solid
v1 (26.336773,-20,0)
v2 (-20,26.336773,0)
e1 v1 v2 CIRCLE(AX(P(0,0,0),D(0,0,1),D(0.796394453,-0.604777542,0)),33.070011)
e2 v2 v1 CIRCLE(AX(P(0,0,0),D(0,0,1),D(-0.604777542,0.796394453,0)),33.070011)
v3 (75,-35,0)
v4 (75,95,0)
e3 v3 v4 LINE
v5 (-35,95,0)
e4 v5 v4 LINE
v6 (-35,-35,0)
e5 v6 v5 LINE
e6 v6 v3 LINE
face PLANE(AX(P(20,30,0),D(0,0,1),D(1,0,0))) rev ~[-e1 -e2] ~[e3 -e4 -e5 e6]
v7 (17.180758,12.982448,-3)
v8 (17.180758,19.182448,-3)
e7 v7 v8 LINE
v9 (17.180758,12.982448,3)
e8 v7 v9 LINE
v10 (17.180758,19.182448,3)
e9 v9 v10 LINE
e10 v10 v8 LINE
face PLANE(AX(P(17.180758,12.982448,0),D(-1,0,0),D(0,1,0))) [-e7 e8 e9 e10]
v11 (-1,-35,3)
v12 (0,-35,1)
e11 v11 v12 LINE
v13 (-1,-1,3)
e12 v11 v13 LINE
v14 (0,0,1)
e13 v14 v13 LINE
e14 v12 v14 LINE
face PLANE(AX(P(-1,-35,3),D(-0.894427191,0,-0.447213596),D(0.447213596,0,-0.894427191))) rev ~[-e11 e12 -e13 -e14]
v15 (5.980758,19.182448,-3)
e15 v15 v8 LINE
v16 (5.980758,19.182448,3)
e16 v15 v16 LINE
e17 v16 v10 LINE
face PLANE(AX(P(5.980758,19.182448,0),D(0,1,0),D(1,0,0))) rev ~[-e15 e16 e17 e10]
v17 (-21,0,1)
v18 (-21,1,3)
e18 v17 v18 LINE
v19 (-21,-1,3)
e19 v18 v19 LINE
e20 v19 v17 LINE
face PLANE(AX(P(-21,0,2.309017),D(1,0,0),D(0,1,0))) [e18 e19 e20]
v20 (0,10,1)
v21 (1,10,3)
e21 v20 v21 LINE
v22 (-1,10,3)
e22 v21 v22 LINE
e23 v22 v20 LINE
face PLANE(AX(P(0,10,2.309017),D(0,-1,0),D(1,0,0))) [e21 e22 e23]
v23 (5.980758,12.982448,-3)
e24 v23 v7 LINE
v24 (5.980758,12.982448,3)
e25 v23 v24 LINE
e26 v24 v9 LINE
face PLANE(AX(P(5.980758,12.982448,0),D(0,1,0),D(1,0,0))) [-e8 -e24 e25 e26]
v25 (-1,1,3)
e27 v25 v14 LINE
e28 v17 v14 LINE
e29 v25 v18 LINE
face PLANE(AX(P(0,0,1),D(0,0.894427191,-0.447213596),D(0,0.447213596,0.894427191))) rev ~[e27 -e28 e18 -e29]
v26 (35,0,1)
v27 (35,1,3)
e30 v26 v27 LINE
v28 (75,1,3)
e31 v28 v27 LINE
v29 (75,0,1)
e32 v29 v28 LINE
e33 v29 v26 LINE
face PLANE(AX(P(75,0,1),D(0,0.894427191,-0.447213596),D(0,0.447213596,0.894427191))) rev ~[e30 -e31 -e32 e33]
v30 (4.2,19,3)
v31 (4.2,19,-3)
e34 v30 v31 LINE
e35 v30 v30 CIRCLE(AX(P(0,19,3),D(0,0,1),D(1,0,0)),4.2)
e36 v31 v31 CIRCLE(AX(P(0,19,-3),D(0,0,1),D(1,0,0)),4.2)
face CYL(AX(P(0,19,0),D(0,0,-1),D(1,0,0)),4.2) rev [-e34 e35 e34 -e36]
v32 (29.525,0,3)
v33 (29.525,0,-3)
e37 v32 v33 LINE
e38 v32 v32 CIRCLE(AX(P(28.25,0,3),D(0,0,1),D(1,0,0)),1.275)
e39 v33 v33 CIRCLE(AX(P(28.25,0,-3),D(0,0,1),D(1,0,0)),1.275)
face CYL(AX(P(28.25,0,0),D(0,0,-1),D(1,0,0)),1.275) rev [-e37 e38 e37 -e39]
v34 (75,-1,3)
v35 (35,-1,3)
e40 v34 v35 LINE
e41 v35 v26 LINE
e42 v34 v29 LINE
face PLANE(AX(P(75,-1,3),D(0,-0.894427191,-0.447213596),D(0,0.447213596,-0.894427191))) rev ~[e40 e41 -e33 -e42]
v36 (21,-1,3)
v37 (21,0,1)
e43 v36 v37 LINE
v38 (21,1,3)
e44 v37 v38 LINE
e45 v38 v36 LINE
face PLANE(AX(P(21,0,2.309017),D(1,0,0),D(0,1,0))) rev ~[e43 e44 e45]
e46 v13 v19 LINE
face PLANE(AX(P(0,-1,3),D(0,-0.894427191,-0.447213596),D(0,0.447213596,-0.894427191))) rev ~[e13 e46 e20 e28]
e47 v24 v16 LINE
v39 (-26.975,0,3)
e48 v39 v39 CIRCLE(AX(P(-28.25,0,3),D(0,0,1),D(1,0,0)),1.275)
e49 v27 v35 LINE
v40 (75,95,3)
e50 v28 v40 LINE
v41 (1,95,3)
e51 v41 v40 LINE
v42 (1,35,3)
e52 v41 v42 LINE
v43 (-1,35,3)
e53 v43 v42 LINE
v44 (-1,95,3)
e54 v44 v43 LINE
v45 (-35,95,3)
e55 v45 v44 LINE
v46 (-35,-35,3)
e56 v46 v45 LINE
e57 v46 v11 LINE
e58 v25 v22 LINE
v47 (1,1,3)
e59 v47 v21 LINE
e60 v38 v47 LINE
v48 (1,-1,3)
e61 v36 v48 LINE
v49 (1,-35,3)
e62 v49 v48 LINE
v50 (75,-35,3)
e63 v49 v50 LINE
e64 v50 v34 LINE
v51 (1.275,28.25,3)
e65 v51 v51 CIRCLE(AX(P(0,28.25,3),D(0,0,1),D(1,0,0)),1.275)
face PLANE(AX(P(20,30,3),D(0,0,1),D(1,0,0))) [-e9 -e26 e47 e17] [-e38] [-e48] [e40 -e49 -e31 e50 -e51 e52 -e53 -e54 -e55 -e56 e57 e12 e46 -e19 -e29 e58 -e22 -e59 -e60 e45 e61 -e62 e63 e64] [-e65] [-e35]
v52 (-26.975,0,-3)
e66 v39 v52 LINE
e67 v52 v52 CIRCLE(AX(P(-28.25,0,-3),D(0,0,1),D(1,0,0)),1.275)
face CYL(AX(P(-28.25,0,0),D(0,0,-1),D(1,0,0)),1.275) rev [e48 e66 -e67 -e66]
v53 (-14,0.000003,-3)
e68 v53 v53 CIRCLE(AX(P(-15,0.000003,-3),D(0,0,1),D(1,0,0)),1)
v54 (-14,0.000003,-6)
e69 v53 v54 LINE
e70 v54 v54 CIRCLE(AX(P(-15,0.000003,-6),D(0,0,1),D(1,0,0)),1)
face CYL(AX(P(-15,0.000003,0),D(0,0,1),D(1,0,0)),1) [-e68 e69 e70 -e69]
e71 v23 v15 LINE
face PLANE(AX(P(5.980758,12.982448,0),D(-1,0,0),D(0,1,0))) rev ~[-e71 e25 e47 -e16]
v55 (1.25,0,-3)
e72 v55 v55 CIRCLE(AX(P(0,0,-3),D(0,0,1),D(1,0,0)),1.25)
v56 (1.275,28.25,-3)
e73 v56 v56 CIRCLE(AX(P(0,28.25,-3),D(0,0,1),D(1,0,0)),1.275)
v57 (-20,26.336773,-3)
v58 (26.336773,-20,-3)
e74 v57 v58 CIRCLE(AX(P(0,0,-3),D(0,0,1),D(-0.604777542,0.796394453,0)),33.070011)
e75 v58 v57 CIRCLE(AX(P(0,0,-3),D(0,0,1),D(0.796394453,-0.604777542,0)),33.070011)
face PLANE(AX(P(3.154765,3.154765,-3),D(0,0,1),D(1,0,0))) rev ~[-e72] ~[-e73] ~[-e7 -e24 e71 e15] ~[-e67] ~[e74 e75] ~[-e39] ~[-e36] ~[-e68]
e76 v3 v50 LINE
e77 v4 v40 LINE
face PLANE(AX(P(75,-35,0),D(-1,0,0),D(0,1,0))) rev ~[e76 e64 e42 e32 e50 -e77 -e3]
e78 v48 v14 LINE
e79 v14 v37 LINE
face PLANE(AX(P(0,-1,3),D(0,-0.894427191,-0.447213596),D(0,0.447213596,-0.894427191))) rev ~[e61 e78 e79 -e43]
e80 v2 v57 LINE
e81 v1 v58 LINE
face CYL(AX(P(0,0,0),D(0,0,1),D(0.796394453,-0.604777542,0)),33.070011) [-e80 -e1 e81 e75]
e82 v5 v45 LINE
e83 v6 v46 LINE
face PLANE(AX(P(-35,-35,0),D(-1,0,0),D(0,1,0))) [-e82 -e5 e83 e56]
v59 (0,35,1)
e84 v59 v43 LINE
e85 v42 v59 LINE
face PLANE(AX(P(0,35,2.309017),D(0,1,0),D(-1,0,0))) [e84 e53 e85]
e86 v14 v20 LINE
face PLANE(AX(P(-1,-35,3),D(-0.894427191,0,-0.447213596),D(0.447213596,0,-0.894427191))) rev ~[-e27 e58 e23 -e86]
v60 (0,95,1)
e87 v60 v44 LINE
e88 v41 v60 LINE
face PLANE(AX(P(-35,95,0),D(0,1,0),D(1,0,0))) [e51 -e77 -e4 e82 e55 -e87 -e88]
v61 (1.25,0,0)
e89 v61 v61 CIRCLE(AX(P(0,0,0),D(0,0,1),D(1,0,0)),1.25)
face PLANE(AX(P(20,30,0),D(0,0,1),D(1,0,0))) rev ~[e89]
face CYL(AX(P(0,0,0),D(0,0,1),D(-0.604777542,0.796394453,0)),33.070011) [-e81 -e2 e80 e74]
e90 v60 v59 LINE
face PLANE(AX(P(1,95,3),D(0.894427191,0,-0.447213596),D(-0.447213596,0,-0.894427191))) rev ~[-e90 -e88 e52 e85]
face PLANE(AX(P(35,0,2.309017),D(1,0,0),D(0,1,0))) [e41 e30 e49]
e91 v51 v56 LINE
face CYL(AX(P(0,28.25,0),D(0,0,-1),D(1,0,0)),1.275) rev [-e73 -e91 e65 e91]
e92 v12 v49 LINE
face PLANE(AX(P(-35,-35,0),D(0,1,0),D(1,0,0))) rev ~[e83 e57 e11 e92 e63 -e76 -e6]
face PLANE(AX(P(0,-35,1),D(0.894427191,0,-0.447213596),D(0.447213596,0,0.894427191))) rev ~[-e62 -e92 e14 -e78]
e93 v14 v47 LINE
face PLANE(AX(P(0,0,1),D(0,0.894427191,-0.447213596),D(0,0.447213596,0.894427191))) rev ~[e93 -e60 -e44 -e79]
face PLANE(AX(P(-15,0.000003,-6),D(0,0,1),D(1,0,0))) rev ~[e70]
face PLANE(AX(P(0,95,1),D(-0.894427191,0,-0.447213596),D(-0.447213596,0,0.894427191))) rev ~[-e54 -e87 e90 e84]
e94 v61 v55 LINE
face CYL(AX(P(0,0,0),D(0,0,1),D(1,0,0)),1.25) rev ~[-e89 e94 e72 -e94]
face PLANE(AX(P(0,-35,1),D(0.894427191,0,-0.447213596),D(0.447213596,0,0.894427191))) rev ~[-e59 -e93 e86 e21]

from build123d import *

# Parameters (mm, degrees)
F0_R      = 1
F0_R_2    = 1.25
F0_R_3    = 4.2
F0_R_4    = 1.275
F0_W      = 11.2
F0_H      = 6.2
F1_DEPTH  = 3
F0_W_2    = 110
F0_H_2    = 130
F2_DEPTH  = 3
F3_DEPTH  = 6
F5_DEPTH  = 45
F7_DEPTH  = 60
F9_DEPTH  = 40
F11_DEPTH = 21


with BuildPart() as f1:
    # F0 (on Top) → F1 (new body)
    with BuildSketch(Plane.XY):
        with BuildLine():
            ThreePointArc((26.3367733861, -20), (31.3415301151, -10.5514985873), (33.0700110734, 0))
            ThreePointArc((33.0700110734, 0), (14.7007722744, 29.6228446799), (-20, 26.3367733861))
            Line((-20, 26.3367733861), (-20, -20))
            Line((-20, -20), (26.3367733861, -20))
        make_face()
        with Locations((-15, 3.4738e-06)):
            Circle(F0_R, mode=Mode.SUBTRACT)
        Circle(F0_R_2, mode=Mode.SUBTRACT)
        with Locations((-7.68e-08, 19)):
            Circle(F0_R_3, mode=Mode.SUBTRACT)
        with Locations((0, 28.25)):
            Circle(F0_R_4, mode=Mode.SUBTRACT)
        with Locations((11.580758131, 16.0824482103)):
            Rectangle(F0_W, F0_H, mode=Mode.SUBTRACT)
        with Locations((28.25, 0)):
            Circle(F0_R_4, mode=Mode.SUBTRACT)
        with BuildLine():
            Line((-20, -20), (-20, 26.3367733861))
            ThreePointArc((-20, 26.3367733861), (-23.3840290839, -23.3840290839), (26.3367733861, -20))
            Line((26.3367733861, -20), (-20, -20))
        make_face()
        with Locations((-28.25, 0)):
            Circle(F0_R_4, mode=Mode.SUBTRACT)
    extrude(amount=-F1_DEPTH)

    # F0 (on Top) → F2 (join)
    with BuildSketch(Plane.XY):
        with Locations((20, 30)):
            Rectangle(F0_W_2, F0_H_2)
        with BuildLine():
            ThreePointArc((26.3367733861, -20), (-23.3840290839, -23.3840290839), (-20, 26.3367733861))
            Line((-20, 26.3367733861), (-20, 80))
            Line((-20, 80), (60, 80))
            Line((60, 80), (60, -20))
            Line((60, -20), (26.3367733861, -20))
        make_face(mode=Mode.SUBTRACT)
        with BuildLine():
            ThreePointArc((26.3367733861, -20), (31.3415301151, -10.5514985873), (33.0700110734, 0))
            ThreePointArc((33.0700110734, 0), (14.7007722744, 29.6228446799), (-20, 26.3367733861))
            Line((-20, 26.3367733861), (-20, -20))
            Line((-20, -20), (26.3367733861, -20))
        make_face()
        with Locations((-15, 3.4738e-06)):
            Circle(F0_R, mode=Mode.SUBTRACT)
        Circle(F0_R_2, mode=Mode.SUBTRACT)
        with Locations((-7.68e-08, 19)):
            Circle(F0_R_3, mode=Mode.SUBTRACT)
        with Locations((0, 28.25)):
            Circle(F0_R_4, mode=Mode.SUBTRACT)
        with Locations((11.580758131, 16.0824482103)):
            Rectangle(F0_W, F0_H, mode=Mode.SUBTRACT)
        with Locations((28.25, 0)):
            Circle(F0_R_4, mode=Mode.SUBTRACT)
        with BuildLine():
            Line((-20, -20), (-20, 26.3367733861))
            ThreePointArc((-20, 26.3367733861), (-23.3840290839, -23.3840290839), (26.3367733861, -20))
            Line((26.3367733861, -20), (-20, -20))
        make_face()
        with Locations((-28.25, 0)):
            Circle(F0_R_4, mode=Mode.SUBTRACT)
        with BuildLine():
            ThreePointArc((-20, 26.3367733861), (14.7007722744, 29.6228446799), (33.0700110734, 0))
            ThreePointArc((33.0700110734, 0), (31.3415301151, -10.5514985873), (26.3367733861, -20))
            Line((26.3367733861, -20), (60, -20))
            Line((60, -20), (60, 80))
            Line((60, 80), (-20, 80))
            Line((-20, 80), (-20, 26.3367733861))
        make_face()
        with Locations((-15, 3.4738e-06)):
            Circle(F0_R)
        Circle(F0_R_2)
    extrude(amount=F2_DEPTH)

    # F0 (on Top) → F3 (join)
    with BuildSketch(Plane.XY):
        with Locations((-15, 3.4738e-06)):
            Circle(F0_R)
    extrude(amount=-F3_DEPTH)

    # F4 (on face) → F5 (cut)
    with BuildSketch(Plane.XZ.offset(35)):
        Polygon((1, 3), (-1, 3), (0, 1), align=None)
    extrude(amount=-F5_DEPTH, mode=Mode.SUBTRACT)

    # F6 (on face) → F7 (cut)
    with BuildSketch(Plane(origin=(0, 95, 0), x_dir=(-1, 0, 0), z_dir=(0, 1, 0))):
        Polygon((-1, 3), (0, 1), (1, 3), align=None)
    extrude(amount=-F7_DEPTH, mode=Mode.SUBTRACT)

    # F8 (on face) → F9 (cut)
    with BuildSketch(Plane.YZ.offset(75)):
        Polygon((1, 3), (-1, 3), (0, 1), align=None)
    extrude(amount=-F9_DEPTH, mode=Mode.SUBTRACT)

    # F10 (on Right) → F11 (cut, symmetric)
    with BuildSketch(Plane.YZ):
        Polygon((-1, 3), (0, 1), (1, 3), align=None)
    extrude(amount=F11_DEPTH, both=True, mode=Mode.SUBTRACT)


solid = f1.part
